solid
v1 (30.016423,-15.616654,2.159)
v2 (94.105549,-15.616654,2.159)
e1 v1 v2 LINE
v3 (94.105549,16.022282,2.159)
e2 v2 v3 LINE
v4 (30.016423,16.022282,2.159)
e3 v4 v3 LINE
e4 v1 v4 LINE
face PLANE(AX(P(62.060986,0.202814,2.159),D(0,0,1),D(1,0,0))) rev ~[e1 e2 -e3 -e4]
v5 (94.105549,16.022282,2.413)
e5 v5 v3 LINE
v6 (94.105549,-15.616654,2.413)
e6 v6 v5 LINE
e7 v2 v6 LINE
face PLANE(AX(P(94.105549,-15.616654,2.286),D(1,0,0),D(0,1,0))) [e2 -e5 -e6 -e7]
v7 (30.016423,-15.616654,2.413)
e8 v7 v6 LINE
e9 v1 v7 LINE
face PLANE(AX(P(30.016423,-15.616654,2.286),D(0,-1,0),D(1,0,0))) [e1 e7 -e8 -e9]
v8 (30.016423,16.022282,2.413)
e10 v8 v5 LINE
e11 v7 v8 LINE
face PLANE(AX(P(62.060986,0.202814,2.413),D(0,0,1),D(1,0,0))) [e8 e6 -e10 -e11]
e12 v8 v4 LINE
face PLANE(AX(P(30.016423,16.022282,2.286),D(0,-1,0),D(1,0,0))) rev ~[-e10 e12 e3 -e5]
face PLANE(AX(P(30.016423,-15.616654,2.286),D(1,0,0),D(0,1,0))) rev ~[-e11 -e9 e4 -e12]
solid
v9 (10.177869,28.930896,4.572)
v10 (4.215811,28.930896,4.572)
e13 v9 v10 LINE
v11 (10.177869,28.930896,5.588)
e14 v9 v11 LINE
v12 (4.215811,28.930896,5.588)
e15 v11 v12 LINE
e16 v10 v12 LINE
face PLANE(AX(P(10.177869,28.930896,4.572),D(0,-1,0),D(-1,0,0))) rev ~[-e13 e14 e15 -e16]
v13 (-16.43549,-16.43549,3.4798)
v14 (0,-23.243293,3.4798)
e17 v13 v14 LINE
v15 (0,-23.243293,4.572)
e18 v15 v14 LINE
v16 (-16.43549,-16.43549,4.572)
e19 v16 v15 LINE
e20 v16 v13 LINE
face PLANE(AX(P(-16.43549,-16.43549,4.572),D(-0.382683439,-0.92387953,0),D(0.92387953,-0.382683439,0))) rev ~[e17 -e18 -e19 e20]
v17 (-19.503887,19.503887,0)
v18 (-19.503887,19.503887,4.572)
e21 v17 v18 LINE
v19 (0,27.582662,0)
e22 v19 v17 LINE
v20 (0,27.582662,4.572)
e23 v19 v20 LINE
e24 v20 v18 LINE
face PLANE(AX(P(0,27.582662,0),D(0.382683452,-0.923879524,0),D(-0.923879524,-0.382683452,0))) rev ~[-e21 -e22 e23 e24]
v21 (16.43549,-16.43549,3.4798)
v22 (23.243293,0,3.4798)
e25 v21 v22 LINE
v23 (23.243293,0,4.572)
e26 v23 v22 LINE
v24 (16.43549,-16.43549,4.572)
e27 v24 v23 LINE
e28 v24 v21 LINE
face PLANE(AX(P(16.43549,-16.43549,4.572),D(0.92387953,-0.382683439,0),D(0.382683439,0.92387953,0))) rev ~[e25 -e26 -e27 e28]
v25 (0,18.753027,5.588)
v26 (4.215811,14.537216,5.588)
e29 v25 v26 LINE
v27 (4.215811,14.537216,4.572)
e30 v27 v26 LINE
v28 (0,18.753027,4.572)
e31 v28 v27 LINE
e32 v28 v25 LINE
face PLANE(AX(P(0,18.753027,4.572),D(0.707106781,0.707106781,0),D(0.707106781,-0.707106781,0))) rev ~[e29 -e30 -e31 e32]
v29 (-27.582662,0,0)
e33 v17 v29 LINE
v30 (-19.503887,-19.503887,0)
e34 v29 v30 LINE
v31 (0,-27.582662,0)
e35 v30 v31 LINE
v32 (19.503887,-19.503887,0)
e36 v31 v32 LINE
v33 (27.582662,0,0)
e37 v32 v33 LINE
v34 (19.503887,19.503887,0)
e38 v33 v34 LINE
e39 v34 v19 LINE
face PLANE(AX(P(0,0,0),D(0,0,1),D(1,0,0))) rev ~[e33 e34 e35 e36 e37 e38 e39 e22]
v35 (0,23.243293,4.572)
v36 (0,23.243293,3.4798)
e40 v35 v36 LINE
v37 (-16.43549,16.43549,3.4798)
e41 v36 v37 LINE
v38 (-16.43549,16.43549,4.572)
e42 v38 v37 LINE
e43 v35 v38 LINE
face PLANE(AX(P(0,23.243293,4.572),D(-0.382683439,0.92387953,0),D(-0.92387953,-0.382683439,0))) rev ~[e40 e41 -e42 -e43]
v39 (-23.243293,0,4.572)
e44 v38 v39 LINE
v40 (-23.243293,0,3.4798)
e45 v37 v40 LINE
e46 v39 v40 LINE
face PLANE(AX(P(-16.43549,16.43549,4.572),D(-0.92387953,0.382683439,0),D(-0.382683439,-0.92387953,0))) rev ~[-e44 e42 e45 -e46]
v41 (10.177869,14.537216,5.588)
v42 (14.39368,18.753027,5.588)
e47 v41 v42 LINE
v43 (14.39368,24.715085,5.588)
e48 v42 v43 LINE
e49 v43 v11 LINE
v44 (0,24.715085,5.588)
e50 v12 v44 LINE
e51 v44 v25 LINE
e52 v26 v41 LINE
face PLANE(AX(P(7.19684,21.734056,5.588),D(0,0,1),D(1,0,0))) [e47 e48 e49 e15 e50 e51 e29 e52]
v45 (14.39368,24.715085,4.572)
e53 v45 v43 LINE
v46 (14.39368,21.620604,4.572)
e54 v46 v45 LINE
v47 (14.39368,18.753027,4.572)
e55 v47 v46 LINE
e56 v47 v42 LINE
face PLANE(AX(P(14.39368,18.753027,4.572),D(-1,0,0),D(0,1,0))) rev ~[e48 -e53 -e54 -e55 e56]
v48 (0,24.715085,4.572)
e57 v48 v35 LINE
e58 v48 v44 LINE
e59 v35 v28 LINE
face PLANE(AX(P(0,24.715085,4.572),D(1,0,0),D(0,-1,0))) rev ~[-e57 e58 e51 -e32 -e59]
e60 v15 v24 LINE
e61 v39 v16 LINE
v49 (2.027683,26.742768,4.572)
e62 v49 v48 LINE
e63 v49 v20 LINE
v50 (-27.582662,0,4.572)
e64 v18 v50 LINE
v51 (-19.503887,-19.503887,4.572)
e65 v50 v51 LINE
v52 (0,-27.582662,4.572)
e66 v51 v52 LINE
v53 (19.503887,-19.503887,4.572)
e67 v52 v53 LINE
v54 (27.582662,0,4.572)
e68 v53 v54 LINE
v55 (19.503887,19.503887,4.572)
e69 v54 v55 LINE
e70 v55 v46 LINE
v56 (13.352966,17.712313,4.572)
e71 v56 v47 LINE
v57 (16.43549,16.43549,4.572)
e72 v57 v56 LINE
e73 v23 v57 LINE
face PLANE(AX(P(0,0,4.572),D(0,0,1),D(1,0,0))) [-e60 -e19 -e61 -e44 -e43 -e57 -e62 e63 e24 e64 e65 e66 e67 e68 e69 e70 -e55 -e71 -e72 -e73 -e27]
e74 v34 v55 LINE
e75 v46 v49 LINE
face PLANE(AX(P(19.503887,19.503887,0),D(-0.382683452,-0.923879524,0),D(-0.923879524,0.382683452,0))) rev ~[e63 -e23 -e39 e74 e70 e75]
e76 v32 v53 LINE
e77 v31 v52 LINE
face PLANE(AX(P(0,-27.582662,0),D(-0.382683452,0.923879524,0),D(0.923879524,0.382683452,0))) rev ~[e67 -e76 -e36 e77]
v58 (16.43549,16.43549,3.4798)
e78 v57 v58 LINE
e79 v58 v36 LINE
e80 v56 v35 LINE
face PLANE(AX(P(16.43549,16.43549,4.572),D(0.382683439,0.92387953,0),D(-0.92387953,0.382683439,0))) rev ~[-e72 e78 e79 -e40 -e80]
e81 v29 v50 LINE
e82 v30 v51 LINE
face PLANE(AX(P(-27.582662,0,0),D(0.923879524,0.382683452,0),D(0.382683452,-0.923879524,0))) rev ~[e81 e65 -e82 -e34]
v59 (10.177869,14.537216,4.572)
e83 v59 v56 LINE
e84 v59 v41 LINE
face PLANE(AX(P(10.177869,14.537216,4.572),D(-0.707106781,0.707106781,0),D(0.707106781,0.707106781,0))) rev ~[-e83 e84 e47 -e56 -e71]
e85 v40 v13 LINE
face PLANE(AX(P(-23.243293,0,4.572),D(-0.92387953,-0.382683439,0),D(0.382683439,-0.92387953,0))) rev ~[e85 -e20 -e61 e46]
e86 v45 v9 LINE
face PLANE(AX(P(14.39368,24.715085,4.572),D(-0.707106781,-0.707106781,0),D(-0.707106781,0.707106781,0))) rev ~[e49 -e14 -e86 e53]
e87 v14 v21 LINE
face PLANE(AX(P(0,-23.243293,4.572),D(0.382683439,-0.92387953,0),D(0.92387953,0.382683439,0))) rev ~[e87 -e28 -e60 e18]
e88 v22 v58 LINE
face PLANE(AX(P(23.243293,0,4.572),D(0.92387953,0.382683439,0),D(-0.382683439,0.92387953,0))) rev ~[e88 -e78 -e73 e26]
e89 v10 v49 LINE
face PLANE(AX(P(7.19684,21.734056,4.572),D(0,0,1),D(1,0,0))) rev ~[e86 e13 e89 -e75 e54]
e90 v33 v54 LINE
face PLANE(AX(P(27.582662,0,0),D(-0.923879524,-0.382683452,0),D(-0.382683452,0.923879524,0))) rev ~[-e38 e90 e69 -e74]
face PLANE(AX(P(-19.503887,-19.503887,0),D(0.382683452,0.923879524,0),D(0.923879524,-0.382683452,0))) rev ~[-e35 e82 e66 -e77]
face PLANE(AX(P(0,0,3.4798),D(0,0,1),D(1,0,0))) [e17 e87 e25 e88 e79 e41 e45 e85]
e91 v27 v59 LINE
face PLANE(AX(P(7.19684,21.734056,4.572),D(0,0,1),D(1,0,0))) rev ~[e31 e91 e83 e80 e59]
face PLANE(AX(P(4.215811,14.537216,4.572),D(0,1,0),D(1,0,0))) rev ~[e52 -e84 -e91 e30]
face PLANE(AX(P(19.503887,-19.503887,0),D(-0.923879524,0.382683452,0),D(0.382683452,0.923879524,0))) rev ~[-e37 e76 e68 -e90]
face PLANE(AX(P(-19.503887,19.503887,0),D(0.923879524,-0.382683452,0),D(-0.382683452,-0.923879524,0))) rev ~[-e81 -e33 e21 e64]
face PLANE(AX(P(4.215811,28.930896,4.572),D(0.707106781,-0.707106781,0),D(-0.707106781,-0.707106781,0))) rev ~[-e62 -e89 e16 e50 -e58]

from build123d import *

# Parameters (mm, degrees)
F1_DEPTH = 4.572
F3_DEPTH = 1.0922
F5_W     = 64.089127
F5_H     = 31.638936
F6_DEPTH = 0.127
F8_DEPTH = 1.016


with BuildPart() as f1:
    # F0 (on Top) → F1 (new body)
    with BuildSketch(Plane.XY):
        Polygon((0, -27.582662), (19.503887, -19.503887), (27.582662, 0), (19.503887, 19.503887), (0, 27.582662), (-19.503887, 19.503887), (-27.582662, 0), (-19.503887, -19.503887), align=None)
    extrude(amount=F1_DEPTH)

    # F2 (on face) → F3 (cut)
    with BuildSketch(Plane.XY.offset(4.572)):
        Polygon((0, -23.243293), (16.43549, -16.43549), (23.243293, 0), (16.43549, 16.43549), (0, 23.243293), (-16.43549, 16.43549), (-23.243293, 0), (-16.43549, -16.43549), align=None)
    extrude(amount=-F3_DEPTH, mode=Mode.SUBTRACT)

    # F7 (on face) → F8 (join)
    with BuildSketch(Plane.XY.offset(4.572)):
        Polygon((4.215811, 14.537216), (10.177869, 14.537216), (14.39368, 18.753027), (14.39368, 24.715085), (10.177869, 28.930896), (4.215811, 28.930896), (0, 24.715085), (0, 18.753027), align=None)
    extrude(amount=F8_DEPTH)


with BuildPart() as f6:
    # F5 (on offset) → F6 (new body, symmetric)
    with BuildSketch(Plane.XY.offset(2.286)):
        with Locations((62.060986, 0.202814)):
            Rectangle(F5_W, F5_H)
    extrude(amount=F6_DEPTH, both=True)


solid = Compound([f1.part, f6.part])
